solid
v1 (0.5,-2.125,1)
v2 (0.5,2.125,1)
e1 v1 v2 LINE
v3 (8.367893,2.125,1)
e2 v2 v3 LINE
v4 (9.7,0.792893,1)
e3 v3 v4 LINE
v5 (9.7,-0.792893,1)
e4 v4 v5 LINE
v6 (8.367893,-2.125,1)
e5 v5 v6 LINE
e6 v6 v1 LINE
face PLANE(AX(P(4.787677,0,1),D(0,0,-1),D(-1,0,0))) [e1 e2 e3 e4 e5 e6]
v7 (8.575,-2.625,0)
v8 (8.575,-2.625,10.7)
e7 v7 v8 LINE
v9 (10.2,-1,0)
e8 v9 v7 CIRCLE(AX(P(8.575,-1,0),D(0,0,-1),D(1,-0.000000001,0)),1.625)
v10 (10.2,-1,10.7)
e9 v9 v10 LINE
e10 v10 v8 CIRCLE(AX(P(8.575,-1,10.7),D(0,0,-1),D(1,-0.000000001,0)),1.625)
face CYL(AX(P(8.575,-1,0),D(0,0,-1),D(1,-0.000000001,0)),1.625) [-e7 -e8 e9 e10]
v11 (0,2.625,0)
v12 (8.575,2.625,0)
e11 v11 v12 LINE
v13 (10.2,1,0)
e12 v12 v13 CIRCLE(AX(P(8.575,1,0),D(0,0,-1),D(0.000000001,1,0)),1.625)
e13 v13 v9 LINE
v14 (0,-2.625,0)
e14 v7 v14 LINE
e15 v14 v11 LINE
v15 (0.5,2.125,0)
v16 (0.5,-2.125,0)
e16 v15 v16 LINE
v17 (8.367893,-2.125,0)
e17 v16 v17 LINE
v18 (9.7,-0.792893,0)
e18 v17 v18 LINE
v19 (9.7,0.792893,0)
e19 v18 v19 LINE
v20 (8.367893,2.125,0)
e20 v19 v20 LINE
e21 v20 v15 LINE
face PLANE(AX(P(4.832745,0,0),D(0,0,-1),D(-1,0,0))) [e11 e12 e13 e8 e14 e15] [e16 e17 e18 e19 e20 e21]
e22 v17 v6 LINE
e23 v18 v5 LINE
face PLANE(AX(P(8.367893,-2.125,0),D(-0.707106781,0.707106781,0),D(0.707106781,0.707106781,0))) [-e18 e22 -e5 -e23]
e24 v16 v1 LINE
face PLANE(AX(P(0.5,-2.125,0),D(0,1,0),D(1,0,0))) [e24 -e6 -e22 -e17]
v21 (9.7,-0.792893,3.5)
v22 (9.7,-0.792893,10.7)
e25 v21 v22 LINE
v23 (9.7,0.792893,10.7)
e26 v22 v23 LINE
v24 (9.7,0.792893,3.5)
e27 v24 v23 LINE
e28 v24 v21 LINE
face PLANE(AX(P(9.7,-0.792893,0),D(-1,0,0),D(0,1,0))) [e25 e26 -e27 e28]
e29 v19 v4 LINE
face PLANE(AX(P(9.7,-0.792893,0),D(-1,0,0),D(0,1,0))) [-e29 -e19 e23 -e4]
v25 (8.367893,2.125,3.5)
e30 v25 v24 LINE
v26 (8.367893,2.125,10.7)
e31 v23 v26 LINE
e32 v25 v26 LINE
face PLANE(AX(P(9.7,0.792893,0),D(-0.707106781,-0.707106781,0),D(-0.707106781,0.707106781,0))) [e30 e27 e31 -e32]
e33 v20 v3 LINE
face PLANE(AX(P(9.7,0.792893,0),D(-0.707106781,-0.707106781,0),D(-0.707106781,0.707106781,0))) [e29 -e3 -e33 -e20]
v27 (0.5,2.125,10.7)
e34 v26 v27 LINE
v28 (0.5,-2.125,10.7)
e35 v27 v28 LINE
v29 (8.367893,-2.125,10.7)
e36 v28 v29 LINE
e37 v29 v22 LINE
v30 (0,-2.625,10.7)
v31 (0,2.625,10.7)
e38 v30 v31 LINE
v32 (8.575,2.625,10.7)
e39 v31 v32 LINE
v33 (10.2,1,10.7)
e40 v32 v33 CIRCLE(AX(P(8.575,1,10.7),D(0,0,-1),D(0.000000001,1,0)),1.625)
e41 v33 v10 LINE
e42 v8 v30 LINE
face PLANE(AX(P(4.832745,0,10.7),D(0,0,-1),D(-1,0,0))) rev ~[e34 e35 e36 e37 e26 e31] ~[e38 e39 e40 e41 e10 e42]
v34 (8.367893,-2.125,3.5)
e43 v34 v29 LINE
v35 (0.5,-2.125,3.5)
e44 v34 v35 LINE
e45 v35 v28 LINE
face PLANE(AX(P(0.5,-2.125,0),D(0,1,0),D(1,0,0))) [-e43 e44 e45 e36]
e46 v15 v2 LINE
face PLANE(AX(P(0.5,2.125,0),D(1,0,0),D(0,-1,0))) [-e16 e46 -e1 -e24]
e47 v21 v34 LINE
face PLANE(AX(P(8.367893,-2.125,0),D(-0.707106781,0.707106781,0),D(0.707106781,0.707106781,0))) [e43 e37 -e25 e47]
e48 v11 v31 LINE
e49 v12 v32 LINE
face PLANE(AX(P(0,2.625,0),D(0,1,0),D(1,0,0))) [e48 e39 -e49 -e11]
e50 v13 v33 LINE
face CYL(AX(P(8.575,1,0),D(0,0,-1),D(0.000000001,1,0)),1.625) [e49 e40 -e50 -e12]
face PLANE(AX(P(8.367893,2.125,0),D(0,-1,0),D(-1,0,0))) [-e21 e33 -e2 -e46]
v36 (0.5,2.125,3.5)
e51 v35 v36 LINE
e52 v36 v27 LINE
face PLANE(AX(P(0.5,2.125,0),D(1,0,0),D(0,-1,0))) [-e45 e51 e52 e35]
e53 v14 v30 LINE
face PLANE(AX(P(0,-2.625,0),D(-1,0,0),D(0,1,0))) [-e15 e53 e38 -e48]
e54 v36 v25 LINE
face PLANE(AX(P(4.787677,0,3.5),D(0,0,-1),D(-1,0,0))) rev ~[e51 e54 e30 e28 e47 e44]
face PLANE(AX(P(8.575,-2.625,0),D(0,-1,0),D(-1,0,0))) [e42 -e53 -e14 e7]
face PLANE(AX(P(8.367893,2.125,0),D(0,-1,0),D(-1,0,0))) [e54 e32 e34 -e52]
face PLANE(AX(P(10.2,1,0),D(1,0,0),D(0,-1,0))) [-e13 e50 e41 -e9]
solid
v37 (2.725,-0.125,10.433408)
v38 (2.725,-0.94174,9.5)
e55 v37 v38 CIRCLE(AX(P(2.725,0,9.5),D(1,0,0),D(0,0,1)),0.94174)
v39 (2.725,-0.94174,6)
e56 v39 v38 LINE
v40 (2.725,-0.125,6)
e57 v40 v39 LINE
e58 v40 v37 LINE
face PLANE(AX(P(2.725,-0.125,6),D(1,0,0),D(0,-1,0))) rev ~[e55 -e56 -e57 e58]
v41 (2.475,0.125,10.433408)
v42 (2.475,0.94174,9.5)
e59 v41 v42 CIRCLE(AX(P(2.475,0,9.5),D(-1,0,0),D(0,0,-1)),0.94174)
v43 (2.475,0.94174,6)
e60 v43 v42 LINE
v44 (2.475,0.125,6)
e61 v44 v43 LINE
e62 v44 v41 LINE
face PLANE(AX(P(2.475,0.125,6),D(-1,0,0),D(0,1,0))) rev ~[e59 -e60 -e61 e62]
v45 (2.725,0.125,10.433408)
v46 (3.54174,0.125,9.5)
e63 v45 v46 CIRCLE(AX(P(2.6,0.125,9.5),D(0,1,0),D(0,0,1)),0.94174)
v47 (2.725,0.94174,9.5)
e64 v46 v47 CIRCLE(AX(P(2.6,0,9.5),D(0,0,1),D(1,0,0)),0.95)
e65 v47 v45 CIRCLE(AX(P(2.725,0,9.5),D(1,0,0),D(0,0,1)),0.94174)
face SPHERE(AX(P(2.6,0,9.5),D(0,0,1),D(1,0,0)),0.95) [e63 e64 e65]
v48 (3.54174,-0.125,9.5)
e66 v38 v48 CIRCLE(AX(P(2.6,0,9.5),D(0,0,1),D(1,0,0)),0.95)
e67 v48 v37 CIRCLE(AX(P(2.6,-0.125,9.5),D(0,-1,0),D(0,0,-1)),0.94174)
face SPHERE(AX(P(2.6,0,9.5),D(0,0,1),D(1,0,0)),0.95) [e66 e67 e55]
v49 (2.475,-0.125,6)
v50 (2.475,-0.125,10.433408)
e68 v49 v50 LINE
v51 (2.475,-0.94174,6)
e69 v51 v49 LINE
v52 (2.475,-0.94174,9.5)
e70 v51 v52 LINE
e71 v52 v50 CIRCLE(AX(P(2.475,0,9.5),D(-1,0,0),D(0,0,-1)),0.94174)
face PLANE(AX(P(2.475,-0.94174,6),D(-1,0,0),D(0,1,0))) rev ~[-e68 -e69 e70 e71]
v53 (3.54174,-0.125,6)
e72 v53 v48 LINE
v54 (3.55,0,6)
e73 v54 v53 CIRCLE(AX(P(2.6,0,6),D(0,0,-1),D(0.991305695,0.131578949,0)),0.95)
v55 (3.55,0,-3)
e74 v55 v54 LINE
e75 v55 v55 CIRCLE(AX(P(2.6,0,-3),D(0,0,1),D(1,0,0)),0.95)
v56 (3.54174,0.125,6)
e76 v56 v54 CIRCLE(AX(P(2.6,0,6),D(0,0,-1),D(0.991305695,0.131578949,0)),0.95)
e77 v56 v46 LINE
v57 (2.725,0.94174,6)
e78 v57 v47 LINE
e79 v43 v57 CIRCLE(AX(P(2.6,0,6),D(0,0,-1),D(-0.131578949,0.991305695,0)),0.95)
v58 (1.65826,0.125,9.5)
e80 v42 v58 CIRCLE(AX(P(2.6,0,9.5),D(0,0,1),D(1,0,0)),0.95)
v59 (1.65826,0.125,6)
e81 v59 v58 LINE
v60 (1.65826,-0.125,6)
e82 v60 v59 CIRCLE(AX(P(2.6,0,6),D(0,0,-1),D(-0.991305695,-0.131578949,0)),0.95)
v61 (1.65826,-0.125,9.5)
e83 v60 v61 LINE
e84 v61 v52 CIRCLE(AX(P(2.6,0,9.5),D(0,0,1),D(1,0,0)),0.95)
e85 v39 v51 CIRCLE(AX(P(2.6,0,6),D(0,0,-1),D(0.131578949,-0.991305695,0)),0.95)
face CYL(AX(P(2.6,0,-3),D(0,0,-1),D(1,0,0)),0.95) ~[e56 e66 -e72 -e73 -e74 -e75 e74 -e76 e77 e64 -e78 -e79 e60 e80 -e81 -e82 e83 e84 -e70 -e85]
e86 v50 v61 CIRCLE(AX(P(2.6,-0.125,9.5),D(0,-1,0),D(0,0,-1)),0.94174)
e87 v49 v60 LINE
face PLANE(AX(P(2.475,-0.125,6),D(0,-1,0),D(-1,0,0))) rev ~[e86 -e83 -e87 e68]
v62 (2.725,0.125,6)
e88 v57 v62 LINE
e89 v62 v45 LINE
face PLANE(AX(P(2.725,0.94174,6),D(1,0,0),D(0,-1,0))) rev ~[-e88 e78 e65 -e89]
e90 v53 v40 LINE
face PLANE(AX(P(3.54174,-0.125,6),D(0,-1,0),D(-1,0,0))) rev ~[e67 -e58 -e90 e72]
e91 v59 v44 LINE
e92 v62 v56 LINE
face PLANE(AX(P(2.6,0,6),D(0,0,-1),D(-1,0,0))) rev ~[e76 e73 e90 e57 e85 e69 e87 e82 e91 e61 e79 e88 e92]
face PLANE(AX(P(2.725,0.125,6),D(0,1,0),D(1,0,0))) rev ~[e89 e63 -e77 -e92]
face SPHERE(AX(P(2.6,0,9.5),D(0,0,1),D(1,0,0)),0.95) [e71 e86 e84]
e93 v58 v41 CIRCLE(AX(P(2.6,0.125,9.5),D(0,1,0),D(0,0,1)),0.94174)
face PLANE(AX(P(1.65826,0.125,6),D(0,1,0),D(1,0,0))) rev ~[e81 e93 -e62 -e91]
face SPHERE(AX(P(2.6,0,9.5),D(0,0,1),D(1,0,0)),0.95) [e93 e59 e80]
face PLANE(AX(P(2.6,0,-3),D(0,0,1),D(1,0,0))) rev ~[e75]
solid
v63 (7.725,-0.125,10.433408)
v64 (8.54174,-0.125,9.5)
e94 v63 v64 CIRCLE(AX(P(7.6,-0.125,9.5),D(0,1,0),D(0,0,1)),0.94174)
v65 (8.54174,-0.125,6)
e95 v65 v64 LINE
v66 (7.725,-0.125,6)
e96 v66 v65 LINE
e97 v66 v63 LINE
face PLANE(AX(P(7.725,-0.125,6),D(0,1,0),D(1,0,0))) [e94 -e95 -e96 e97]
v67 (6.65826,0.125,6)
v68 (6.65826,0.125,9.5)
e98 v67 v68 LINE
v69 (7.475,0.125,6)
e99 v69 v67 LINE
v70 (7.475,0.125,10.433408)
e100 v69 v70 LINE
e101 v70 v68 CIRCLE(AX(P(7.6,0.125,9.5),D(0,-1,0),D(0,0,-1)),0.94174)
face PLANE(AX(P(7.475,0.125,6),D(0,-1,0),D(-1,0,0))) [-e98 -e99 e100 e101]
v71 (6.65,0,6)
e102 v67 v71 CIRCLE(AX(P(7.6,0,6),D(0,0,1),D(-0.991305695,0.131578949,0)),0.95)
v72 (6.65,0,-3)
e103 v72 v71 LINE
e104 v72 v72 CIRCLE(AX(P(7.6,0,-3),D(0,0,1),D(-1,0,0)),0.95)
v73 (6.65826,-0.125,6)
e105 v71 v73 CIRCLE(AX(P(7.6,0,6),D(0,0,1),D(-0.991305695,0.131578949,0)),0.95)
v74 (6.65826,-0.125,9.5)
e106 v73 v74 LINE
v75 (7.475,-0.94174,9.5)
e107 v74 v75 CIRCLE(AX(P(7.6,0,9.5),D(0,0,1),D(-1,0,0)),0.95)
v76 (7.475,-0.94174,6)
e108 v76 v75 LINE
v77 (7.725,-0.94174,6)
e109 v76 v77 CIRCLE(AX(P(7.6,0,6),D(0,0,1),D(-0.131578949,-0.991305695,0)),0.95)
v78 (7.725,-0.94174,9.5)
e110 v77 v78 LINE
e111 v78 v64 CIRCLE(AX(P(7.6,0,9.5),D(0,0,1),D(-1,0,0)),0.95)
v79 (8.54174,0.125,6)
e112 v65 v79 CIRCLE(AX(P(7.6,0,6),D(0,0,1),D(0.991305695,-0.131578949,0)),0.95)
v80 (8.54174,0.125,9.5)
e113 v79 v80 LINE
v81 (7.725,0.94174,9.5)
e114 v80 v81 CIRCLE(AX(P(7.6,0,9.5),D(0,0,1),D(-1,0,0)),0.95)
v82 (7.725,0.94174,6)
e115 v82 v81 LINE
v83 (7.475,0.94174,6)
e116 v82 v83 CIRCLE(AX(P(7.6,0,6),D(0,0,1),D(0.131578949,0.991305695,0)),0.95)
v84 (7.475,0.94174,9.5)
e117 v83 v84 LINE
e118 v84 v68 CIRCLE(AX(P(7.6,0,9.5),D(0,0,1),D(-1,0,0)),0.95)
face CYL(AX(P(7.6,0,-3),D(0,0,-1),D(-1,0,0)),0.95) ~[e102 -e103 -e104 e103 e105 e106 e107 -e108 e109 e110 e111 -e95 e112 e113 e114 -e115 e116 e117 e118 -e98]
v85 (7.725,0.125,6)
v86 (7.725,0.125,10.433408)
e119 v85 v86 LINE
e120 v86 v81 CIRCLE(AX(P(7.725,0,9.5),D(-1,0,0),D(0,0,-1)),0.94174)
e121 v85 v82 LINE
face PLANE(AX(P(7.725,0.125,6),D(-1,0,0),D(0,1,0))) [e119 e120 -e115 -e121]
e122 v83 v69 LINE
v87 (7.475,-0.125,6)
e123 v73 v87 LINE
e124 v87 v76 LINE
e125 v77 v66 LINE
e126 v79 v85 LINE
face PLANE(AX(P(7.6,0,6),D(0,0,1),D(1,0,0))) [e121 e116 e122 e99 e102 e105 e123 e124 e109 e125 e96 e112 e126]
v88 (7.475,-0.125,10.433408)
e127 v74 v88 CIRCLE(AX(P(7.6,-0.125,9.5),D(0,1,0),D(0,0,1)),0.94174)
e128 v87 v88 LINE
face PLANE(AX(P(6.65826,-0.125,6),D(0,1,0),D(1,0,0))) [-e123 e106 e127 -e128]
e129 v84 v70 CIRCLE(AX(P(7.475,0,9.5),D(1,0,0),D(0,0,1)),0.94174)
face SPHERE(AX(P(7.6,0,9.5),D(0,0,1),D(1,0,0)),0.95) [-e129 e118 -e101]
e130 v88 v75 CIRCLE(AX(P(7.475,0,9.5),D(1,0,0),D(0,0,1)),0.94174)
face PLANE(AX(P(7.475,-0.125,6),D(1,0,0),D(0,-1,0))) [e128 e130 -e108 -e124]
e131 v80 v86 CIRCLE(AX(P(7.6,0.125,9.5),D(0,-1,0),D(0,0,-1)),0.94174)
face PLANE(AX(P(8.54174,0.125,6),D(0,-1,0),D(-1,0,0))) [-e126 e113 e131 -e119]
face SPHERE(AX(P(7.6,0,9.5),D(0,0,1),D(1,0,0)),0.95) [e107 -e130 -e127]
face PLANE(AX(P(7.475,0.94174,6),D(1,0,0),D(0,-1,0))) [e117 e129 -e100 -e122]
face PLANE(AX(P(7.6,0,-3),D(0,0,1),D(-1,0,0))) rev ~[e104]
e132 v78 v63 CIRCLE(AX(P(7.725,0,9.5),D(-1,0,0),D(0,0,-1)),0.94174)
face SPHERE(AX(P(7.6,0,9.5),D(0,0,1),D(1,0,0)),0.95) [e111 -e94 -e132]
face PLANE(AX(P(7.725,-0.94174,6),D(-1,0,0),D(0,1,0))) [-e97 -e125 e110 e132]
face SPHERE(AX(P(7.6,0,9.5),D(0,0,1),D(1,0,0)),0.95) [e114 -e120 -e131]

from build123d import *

# Parameters (mm, degrees)
BOSS_EXTRUDE1_DEPTH        = 10.7
BOSS_EXTRUDE5_DEPTH        = 9.5
BOSS_EXTRUDE5_DEPTH_BACK   = 3
SKETCH1_4_R                = 0.95
BOSS_EXTRUDE5_2_DEPTH      = 9.5
BOSS_EXTRUDE5_2_DEPTH_BACK = 3
BOSS_EXTRUDE3_DEPTH        = 2.5
DOME1_FACE_RADIUS          = 0.95
DOME1_HEIGHT               = 0.95
DOME2_FACE_RADIUS          = 0.95
DOME2_HEIGHT               = 0.95
CUT_EXTRUDE1_DEPTH         = 14.85390288


with BuildPart() as part:
    # Sketch1 → Boss-Extrude1 (new body)
    with BuildSketch(Plane.XY):
        with BuildLine():
            Line((0, -2.625), (0, 2.625))
            Line((0, 2.625), (8.575, 2.625))
            ThreePointArc((8.575, 2.625), (9.724048519, 2.149048519), (10.2, 1))
            Line((10.2, 1), (10.2, -1))
            ThreePointArc((10.2, -1), (9.724048519, -2.149048519), (8.575, -2.625))
            Line((8.575, -2.625), (0, -2.625))
        make_face()
        Polygon((0.5, -2.125), (8.367893219, -2.125), (9.7, -0.792893219), (9.7, 0.792893219), (8.367893219, 2.125), (0.5, 2.125), align=None, mode=Mode.SUBTRACT)
    extrude(amount=BOSS_EXTRUDE1_DEPTH)

    # Sketch3 → Boss-Extrude3 (add)
    with BuildSketch(Plane(origin=(0, 0, 1), x_dir=(-1, 0, 0), z_dir=(0, 0, -1))):
        Polygon((-0.5, -2.125), (-0.5, 2.125), (-8.367893219, 2.125), (-9.7, 0.792893219), (-9.7, -0.792893219), (-8.367893219, -2.125), align=None)
    extrude(amount=-BOSS_EXTRUDE3_DEPTH)


with BuildPart() as body_2:
    # Sketch1<4> → Boss-Extrude5 (new, two sides: drawn at the far end of the back side and taken through both)
    with BuildSketch(Plane.XY.offset(-BOSS_EXTRUDE5_DEPTH_BACK)):
        with Locations((2.6, 0)):
            Circle(SKETCH1_4_R)
    extrude(amount=BOSS_EXTRUDE5_DEPTH + BOSS_EXTRUDE5_DEPTH_BACK)

    # Dome2: a dome of height H over a round flat face of radius A is a cap of a sphere of radius (A * A + H * H) / (2 * H)
    dome2_r = (DOME2_FACE_RADIUS * DOME2_FACE_RADIUS + DOME2_HEIGHT * DOME2_HEIGHT) / (2 * DOME2_HEIGHT)
    dome2_base = Plane((2.6, 0, 9.5), z_dir=(0, 0, 1))
    with Locations(dome2_base.offset(DOME2_HEIGHT - dome2_r)):
        dome2_ball = Sphere(dome2_r, mode=Mode.PRIVATE)
    add(split(dome2_ball, bisect_by=dome2_base, keep=Keep.TOP, mode=Mode.PRIVATE))


with BuildPart() as body_3:
    # Sketch1<4> → Boss-Extrude5 2 (new, two sides: drawn at the far end of the back side and taken through both)
    with BuildSketch(Plane.XY.offset(-BOSS_EXTRUDE5_2_DEPTH_BACK)):
        with Locations(Location((7.6, 0, 0), (0, 0, 180))):
            Circle(SKETCH1_4_R)
    extrude(amount=BOSS_EXTRUDE5_2_DEPTH + BOSS_EXTRUDE5_2_DEPTH_BACK)

    # Dome1: a dome of height H over a round flat face of radius A is a cap of a sphere of radius (A * A + H * H) / (2 * H)
    dome1_r = (DOME1_FACE_RADIUS * DOME1_FACE_RADIUS + DOME1_HEIGHT * DOME1_HEIGHT) / (2 * DOME1_HEIGHT)
    dome1_base = Plane((7.6, 0, 9.5), z_dir=(0, 0, 1))
    with Locations(dome1_base.offset(DOME1_HEIGHT - dome1_r)):
        dome1_ball = Sphere(dome1_r, mode=Mode.PRIVATE)
    add(split(dome1_ball, bisect_by=dome1_base, keep=Keep.TOP, mode=Mode.PRIVATE))


with BuildPart() as cut_extrude1_tool:
    # Sketch4 → Cut-Extrude1 (new, through all)
    with BuildSketch(Plane.XY.offset(6)):
        with BuildLine():
            Line((7.475, 0.94174041), (7.475, 0.125))
            Line((7.475, 0.125), (6.65825959, 0.125))
            ThreePointArc((6.65825959, 0.125), (6.65, 0), (6.65825959, -0.125))
            Line((6.65825959, -0.125), (7.475, -0.125))
            Line((7.475, -0.125), (7.475, -0.94174041))
            ThreePointArc((7.475, -0.94174041), (7.6, -0.95), (7.725, -0.94174041))
            Line((7.725, -0.94174041), (7.725, -0.125))
            Line((7.725, -0.125), (8.54174041, -0.125))
            ThreePointArc((8.54174041, -0.125), (8.55, 0), (8.54174041, 0.125))
            Line((8.54174041, 0.125), (7.725, 0.125))
            Line((7.725, 0.125), (7.725, 0.94174041))
            ThreePointArc((7.725, 0.94174041), (7.6, 0.95), (7.475, 0.94174041))
        make_face()
        with BuildLine():
            Line((3.54174041, -0.125), (2.725, -0.125))
            Line((2.725, -0.125), (2.725, -0.94174041))
            ThreePointArc((2.725, -0.94174041), (2.6, -0.95), (2.475, -0.94174041))
            Line((2.475, -0.94174041), (2.475, -0.125))
            Line((2.475, -0.125), (1.65825959, -0.125))
            ThreePointArc((1.65825959, -0.125), (1.65, 0), (1.65825959, 0.125))
            Line((1.65825959, 0.125), (2.475, 0.125))
            Line((2.475, 0.125), (2.475, 0.94174041))
            ThreePointArc((2.475, 0.94174041), (2.6, 0.95), (2.725, 0.94174041))
            Line((2.725, 0.94174041), (2.725, 0.125))
            Line((2.725, 0.125), (3.54174041, 0.125))
            ThreePointArc((3.54174041, 0.125), (3.55, 0), (3.54174041, -0.125))
        make_face()
    extrude(amount=CUT_EXTRUDE1_DEPTH)


with BuildPart() as body_2_1:
    add(body_2.part)

    # Cut-Extrude1: cut by cut_extrude1_tool
    add(cut_extrude1_tool.part, mode=Mode.SUBTRACT)


with BuildPart() as body_3_1:
    add(body_3.part)

    # Cut-Extrude1: cut by cut_extrude1_tool
    add(cut_extrude1_tool.part, mode=Mode.SUBTRACT)


solid = Compound([part.part, body_2_1.part, body_3_1.part])
